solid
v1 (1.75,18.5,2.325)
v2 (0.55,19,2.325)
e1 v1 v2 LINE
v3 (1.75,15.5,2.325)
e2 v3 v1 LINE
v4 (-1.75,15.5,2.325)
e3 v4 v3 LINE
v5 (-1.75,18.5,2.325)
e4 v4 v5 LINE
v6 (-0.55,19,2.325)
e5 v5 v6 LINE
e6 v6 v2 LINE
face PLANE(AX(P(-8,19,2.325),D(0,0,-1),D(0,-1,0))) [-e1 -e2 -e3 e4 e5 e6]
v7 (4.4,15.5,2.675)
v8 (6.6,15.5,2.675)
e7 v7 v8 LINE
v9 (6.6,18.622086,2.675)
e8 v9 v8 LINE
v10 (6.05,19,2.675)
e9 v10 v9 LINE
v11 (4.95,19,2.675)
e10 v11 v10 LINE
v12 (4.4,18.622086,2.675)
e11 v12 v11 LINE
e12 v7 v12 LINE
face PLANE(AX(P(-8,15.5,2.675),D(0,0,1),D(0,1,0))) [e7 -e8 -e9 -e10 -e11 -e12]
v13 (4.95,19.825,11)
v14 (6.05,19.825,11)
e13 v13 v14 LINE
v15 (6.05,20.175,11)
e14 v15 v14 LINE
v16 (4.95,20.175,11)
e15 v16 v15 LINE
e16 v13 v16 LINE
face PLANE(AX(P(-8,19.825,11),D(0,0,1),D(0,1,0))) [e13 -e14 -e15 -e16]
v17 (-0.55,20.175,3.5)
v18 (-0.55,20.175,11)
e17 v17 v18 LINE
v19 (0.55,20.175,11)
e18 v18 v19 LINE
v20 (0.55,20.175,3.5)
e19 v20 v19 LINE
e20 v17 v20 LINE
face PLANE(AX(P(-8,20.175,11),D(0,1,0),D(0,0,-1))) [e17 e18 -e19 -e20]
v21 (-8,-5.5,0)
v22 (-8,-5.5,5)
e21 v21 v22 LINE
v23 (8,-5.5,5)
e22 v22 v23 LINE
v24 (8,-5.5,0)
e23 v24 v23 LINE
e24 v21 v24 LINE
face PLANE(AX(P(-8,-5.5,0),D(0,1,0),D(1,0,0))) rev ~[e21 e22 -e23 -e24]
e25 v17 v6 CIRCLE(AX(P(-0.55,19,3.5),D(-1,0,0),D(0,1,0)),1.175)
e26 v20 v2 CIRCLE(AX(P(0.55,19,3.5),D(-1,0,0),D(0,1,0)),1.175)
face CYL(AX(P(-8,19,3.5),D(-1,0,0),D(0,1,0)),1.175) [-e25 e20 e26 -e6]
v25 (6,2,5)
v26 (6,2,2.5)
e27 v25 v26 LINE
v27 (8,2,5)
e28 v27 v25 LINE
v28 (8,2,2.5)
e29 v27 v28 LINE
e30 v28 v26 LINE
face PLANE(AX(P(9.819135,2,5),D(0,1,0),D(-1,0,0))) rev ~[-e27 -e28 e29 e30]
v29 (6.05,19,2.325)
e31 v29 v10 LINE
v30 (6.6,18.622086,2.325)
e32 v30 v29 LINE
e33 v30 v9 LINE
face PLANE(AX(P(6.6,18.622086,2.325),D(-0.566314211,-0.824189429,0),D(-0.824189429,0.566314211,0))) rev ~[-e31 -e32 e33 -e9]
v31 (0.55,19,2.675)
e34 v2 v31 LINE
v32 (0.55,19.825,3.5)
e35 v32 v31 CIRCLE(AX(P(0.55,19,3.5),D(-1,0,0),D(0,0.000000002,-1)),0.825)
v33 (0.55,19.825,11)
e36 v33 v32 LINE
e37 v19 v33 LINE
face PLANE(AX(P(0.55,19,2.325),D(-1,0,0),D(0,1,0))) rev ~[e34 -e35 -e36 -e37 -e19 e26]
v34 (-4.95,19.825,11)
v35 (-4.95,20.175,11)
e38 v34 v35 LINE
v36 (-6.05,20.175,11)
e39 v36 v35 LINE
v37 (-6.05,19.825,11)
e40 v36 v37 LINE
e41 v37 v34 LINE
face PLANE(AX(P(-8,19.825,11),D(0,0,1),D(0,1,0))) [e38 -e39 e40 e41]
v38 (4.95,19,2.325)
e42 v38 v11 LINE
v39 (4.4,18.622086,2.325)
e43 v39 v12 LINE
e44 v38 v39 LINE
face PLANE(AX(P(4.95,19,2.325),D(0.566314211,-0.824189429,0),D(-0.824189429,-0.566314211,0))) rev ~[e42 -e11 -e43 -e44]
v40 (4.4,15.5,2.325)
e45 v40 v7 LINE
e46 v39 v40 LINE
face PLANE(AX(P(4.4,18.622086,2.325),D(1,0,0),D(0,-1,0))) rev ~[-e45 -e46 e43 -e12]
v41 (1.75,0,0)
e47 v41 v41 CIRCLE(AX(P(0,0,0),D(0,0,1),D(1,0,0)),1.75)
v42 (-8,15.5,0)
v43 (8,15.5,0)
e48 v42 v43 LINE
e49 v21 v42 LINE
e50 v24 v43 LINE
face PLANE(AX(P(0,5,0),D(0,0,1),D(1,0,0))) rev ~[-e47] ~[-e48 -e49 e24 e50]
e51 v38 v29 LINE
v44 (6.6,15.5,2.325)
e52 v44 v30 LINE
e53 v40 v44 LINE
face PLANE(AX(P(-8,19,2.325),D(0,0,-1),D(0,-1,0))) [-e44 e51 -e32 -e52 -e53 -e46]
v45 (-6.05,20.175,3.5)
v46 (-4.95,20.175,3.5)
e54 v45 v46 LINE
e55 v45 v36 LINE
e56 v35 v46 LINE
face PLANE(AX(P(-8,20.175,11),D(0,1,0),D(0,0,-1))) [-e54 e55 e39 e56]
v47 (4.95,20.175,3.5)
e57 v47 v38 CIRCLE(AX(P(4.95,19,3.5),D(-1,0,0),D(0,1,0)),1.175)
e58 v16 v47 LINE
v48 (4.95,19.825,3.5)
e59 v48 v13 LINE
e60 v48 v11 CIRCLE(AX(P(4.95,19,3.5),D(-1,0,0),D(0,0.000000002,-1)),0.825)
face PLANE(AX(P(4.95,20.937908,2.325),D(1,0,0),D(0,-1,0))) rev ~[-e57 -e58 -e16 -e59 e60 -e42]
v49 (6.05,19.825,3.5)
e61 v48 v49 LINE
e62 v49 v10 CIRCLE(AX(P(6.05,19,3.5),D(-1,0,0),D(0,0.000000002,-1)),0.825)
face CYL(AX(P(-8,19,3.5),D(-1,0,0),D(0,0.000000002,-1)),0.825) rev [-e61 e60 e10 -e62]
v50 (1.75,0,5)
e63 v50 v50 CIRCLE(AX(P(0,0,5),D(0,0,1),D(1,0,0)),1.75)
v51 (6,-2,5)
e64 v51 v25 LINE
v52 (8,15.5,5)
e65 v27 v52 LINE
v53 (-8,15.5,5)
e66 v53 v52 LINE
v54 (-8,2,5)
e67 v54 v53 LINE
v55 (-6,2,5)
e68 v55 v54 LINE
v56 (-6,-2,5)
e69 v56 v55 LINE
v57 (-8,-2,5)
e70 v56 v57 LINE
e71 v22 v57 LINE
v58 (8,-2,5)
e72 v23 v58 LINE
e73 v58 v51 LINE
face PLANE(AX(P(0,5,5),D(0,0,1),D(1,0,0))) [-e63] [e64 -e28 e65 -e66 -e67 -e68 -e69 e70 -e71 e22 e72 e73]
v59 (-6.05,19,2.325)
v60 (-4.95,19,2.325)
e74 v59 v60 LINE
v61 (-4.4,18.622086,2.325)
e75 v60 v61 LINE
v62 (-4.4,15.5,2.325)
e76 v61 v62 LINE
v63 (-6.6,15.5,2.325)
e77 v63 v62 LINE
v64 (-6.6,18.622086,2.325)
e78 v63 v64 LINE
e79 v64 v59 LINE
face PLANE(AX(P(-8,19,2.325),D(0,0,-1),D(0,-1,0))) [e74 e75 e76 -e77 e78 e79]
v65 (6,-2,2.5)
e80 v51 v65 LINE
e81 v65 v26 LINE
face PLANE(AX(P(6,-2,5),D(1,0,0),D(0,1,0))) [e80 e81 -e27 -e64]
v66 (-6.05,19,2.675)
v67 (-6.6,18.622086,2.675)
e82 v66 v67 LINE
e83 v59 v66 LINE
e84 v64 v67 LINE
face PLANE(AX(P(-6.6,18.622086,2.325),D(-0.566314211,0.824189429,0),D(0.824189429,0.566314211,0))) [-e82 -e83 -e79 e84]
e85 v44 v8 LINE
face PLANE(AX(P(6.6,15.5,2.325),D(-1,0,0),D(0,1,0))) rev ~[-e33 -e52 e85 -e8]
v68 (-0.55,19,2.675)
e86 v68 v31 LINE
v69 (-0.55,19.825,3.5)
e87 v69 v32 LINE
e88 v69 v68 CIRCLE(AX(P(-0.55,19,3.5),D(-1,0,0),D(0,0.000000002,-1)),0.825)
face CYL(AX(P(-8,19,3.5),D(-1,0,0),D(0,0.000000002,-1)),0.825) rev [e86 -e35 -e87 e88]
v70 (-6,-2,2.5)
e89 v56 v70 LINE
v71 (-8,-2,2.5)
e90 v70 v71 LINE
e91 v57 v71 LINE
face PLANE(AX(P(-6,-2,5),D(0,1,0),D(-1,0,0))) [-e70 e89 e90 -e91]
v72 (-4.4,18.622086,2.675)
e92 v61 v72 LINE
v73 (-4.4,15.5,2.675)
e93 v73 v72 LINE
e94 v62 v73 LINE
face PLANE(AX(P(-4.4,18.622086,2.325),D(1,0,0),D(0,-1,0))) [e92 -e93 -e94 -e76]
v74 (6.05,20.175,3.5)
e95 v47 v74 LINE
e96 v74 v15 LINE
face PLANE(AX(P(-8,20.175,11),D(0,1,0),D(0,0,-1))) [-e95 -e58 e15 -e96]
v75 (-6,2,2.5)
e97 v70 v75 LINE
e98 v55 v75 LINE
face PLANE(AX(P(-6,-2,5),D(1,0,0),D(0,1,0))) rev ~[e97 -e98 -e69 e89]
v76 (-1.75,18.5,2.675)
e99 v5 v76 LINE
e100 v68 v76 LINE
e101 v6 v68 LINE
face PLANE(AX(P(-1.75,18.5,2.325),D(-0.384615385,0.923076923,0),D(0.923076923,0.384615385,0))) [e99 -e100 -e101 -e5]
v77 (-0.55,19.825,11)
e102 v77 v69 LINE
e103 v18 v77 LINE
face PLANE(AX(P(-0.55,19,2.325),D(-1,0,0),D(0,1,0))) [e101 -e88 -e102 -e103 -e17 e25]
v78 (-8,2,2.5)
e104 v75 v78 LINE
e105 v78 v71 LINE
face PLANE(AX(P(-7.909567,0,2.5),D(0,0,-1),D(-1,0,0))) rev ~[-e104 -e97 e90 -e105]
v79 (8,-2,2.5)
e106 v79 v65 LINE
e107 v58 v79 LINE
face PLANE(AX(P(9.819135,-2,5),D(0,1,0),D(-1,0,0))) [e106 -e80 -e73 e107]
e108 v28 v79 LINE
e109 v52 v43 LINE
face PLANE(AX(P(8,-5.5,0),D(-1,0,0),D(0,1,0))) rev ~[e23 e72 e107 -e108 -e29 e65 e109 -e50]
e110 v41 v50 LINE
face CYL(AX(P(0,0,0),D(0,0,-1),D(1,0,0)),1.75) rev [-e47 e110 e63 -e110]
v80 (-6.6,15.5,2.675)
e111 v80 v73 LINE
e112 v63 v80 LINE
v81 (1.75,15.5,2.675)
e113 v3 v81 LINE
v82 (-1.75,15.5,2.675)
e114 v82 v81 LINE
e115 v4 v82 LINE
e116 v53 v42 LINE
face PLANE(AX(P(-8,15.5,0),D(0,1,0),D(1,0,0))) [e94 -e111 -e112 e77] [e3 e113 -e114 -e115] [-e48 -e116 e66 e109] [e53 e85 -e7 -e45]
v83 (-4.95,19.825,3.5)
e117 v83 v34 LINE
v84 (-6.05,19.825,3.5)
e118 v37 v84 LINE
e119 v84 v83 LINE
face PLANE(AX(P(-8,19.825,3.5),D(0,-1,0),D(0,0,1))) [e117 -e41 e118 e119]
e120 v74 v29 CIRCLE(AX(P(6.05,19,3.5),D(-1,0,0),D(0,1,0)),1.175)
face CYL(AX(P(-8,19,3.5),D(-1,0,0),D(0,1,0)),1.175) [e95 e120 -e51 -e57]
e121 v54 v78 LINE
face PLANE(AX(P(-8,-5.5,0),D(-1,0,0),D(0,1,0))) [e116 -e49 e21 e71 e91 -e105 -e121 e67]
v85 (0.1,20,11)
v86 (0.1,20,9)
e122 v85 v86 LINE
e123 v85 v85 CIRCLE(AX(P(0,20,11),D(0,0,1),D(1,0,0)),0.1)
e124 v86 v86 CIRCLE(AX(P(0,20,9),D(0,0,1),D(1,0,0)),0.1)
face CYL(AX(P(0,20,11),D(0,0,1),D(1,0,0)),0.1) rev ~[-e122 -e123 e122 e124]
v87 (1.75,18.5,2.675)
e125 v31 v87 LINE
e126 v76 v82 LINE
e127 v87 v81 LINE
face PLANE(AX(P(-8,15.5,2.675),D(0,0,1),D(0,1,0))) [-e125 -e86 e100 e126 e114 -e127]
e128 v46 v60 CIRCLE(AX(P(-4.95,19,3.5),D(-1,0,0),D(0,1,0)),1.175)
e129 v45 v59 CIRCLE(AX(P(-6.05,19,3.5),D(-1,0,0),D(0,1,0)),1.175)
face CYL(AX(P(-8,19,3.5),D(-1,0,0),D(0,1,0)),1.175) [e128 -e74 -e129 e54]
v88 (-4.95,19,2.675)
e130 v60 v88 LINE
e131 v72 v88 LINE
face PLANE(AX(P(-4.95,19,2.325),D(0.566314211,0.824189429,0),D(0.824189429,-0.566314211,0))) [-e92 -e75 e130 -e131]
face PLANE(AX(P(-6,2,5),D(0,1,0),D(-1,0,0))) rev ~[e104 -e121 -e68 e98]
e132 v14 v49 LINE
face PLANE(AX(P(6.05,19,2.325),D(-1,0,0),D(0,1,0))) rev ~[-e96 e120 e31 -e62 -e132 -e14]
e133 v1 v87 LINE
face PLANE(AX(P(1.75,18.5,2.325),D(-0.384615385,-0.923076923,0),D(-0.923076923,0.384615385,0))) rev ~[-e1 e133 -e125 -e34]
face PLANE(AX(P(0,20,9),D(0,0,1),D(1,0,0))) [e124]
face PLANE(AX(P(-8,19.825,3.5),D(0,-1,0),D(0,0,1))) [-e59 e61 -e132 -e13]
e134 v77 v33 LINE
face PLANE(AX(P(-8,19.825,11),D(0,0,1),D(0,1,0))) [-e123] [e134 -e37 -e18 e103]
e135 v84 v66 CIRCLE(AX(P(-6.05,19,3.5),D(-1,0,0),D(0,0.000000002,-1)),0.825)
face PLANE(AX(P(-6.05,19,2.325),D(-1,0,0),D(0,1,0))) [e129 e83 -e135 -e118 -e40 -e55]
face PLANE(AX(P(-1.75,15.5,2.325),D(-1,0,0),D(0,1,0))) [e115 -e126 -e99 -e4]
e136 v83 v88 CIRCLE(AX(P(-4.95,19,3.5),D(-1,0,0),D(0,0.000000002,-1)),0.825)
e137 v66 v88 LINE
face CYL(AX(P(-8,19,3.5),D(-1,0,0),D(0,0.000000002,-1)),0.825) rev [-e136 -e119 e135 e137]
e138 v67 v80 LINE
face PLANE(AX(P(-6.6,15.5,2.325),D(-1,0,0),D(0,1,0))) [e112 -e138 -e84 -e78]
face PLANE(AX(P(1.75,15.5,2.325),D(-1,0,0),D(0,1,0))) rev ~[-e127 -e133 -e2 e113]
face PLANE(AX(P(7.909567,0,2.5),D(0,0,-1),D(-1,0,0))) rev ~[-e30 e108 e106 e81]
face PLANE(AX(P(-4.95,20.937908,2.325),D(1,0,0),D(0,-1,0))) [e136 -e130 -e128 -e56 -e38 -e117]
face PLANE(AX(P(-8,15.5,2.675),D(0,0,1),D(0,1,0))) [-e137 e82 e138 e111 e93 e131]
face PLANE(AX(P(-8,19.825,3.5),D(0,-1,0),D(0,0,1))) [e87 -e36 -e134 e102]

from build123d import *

# Parameters (mm, degrees)
SKETCH_1_W          = 16
SKETCH_1_H          = 21
SKETCH_1_R          = 1.75
EXTRUDE_1_DEPTH     = 5
EXTRUDE_1_2_DEPTH   = 16
CUT_EXTRUDE_1_DEPTH = 16
SKETCH_4_W          = 3.81913455
SKETCH_4_H          = 4
CUT_EXTRUDE_2_DEPTH = 2.5
SKETCH_5_R          = 0.1
CUT_EXTRUDE_3_DEPTH = 2


with BuildPart() as part:
    # Эскиз1 → Extrude 1 (new body)
    with BuildSketch(Plane.XY):
        with Locations((0, 5)):
            Rectangle(SKETCH_1_W, SKETCH_1_H)
        Circle(SKETCH_1_R, mode=Mode.SUBTRACT)
    extrude(amount=EXTRUDE_1_DEPTH)

    # Эскиз2 → Extrude 1 2 (add)
    with BuildSketch(Plane.ZY.offset(8)):
        with BuildLine():
            Line((2.675, 15.5), (2.675, 19))
            ThreePointArc((2.675, 19), (2.916636906, 19.583363094), (3.5, 19.825))
            Line((3.5, 19.825), (11, 19.825))
            Line((11, 19.825), (11, 20.175))
            Line((11, 20.175), (3.5, 20.175))
            ThreePointArc((3.5, 20.175), (2.669149532, 19.830850468), (2.325, 19))
            Line((2.325, 19), (2.325, 15.5))
            Line((2.325, 15.5), (2.675, 15.5))
        make_face()
    extrude(amount=-EXTRUDE_1_2_DEPTH)

    # Эскиз3 → Вырез-Вытянуть1 (cut)
    with BuildSketch(Plane(origin=(0, 0, 2.325), x_dir=(-1, 0, 0), z_dir=(0, 0, -1))):
        Polygon((-1.75, 15.5), (-1.75, 18.5), (-0.55, 19), (-0.55, 20.937907948), (-4.95, 20.937907948), (-4.95, 19), (-4.4, 18.622085888), (-4.4, 15.5), align=None)
        Polygon((0.55, 19), (0.55, 20.937907948), (4.95, 20.937907948), (4.95, 19), (4.4, 18.622085888), (4.4, 15.5), (1.75, 15.5), (1.75, 18.5), align=None)
        Polygon((-6.05, 19), (-6.05, 20.937907948), (-9.320905805, 20.937907948), (-9.320905805, 15.5), (-6.6, 15.5), (-6.6, 18.622085888), align=None)
        Polygon((6.05, 19), (6.05, 20.937907948), (9.499807758, 20.937907948), (9.499807758, 15.5), (6.6, 15.5), (6.6, 18.622085888), align=None)
    extrude(amount=-CUT_EXTRUDE_1_DEPTH, mode=Mode.SUBTRACT)

    # Эскиз4 → Вырез-Вытянуть2 (cut)
    with BuildSketch(Plane(origin=(0, 0, 5), x_dir=(-1, 0, 0), z_dir=(0, 0, -1))):
        with Locations((7.909567275, 0)):
            Rectangle(SKETCH_4_W, SKETCH_4_H)
        with Locations((-7.909567275, 0)):
            Rectangle(SKETCH_4_W, SKETCH_4_H)
    extrude(amount=CUT_EXTRUDE_2_DEPTH, mode=Mode.SUBTRACT)

    # Эскиз5 → Вырез-Вытянуть3 (cut)
    with BuildSketch(Plane.XY.offset(11)):
        with Locations((0, 20)):
            Circle(SKETCH_5_R)
    extrude(amount=-CUT_EXTRUDE_3_DEPTH, mode=Mode.SUBTRACT)


solid = part.part
